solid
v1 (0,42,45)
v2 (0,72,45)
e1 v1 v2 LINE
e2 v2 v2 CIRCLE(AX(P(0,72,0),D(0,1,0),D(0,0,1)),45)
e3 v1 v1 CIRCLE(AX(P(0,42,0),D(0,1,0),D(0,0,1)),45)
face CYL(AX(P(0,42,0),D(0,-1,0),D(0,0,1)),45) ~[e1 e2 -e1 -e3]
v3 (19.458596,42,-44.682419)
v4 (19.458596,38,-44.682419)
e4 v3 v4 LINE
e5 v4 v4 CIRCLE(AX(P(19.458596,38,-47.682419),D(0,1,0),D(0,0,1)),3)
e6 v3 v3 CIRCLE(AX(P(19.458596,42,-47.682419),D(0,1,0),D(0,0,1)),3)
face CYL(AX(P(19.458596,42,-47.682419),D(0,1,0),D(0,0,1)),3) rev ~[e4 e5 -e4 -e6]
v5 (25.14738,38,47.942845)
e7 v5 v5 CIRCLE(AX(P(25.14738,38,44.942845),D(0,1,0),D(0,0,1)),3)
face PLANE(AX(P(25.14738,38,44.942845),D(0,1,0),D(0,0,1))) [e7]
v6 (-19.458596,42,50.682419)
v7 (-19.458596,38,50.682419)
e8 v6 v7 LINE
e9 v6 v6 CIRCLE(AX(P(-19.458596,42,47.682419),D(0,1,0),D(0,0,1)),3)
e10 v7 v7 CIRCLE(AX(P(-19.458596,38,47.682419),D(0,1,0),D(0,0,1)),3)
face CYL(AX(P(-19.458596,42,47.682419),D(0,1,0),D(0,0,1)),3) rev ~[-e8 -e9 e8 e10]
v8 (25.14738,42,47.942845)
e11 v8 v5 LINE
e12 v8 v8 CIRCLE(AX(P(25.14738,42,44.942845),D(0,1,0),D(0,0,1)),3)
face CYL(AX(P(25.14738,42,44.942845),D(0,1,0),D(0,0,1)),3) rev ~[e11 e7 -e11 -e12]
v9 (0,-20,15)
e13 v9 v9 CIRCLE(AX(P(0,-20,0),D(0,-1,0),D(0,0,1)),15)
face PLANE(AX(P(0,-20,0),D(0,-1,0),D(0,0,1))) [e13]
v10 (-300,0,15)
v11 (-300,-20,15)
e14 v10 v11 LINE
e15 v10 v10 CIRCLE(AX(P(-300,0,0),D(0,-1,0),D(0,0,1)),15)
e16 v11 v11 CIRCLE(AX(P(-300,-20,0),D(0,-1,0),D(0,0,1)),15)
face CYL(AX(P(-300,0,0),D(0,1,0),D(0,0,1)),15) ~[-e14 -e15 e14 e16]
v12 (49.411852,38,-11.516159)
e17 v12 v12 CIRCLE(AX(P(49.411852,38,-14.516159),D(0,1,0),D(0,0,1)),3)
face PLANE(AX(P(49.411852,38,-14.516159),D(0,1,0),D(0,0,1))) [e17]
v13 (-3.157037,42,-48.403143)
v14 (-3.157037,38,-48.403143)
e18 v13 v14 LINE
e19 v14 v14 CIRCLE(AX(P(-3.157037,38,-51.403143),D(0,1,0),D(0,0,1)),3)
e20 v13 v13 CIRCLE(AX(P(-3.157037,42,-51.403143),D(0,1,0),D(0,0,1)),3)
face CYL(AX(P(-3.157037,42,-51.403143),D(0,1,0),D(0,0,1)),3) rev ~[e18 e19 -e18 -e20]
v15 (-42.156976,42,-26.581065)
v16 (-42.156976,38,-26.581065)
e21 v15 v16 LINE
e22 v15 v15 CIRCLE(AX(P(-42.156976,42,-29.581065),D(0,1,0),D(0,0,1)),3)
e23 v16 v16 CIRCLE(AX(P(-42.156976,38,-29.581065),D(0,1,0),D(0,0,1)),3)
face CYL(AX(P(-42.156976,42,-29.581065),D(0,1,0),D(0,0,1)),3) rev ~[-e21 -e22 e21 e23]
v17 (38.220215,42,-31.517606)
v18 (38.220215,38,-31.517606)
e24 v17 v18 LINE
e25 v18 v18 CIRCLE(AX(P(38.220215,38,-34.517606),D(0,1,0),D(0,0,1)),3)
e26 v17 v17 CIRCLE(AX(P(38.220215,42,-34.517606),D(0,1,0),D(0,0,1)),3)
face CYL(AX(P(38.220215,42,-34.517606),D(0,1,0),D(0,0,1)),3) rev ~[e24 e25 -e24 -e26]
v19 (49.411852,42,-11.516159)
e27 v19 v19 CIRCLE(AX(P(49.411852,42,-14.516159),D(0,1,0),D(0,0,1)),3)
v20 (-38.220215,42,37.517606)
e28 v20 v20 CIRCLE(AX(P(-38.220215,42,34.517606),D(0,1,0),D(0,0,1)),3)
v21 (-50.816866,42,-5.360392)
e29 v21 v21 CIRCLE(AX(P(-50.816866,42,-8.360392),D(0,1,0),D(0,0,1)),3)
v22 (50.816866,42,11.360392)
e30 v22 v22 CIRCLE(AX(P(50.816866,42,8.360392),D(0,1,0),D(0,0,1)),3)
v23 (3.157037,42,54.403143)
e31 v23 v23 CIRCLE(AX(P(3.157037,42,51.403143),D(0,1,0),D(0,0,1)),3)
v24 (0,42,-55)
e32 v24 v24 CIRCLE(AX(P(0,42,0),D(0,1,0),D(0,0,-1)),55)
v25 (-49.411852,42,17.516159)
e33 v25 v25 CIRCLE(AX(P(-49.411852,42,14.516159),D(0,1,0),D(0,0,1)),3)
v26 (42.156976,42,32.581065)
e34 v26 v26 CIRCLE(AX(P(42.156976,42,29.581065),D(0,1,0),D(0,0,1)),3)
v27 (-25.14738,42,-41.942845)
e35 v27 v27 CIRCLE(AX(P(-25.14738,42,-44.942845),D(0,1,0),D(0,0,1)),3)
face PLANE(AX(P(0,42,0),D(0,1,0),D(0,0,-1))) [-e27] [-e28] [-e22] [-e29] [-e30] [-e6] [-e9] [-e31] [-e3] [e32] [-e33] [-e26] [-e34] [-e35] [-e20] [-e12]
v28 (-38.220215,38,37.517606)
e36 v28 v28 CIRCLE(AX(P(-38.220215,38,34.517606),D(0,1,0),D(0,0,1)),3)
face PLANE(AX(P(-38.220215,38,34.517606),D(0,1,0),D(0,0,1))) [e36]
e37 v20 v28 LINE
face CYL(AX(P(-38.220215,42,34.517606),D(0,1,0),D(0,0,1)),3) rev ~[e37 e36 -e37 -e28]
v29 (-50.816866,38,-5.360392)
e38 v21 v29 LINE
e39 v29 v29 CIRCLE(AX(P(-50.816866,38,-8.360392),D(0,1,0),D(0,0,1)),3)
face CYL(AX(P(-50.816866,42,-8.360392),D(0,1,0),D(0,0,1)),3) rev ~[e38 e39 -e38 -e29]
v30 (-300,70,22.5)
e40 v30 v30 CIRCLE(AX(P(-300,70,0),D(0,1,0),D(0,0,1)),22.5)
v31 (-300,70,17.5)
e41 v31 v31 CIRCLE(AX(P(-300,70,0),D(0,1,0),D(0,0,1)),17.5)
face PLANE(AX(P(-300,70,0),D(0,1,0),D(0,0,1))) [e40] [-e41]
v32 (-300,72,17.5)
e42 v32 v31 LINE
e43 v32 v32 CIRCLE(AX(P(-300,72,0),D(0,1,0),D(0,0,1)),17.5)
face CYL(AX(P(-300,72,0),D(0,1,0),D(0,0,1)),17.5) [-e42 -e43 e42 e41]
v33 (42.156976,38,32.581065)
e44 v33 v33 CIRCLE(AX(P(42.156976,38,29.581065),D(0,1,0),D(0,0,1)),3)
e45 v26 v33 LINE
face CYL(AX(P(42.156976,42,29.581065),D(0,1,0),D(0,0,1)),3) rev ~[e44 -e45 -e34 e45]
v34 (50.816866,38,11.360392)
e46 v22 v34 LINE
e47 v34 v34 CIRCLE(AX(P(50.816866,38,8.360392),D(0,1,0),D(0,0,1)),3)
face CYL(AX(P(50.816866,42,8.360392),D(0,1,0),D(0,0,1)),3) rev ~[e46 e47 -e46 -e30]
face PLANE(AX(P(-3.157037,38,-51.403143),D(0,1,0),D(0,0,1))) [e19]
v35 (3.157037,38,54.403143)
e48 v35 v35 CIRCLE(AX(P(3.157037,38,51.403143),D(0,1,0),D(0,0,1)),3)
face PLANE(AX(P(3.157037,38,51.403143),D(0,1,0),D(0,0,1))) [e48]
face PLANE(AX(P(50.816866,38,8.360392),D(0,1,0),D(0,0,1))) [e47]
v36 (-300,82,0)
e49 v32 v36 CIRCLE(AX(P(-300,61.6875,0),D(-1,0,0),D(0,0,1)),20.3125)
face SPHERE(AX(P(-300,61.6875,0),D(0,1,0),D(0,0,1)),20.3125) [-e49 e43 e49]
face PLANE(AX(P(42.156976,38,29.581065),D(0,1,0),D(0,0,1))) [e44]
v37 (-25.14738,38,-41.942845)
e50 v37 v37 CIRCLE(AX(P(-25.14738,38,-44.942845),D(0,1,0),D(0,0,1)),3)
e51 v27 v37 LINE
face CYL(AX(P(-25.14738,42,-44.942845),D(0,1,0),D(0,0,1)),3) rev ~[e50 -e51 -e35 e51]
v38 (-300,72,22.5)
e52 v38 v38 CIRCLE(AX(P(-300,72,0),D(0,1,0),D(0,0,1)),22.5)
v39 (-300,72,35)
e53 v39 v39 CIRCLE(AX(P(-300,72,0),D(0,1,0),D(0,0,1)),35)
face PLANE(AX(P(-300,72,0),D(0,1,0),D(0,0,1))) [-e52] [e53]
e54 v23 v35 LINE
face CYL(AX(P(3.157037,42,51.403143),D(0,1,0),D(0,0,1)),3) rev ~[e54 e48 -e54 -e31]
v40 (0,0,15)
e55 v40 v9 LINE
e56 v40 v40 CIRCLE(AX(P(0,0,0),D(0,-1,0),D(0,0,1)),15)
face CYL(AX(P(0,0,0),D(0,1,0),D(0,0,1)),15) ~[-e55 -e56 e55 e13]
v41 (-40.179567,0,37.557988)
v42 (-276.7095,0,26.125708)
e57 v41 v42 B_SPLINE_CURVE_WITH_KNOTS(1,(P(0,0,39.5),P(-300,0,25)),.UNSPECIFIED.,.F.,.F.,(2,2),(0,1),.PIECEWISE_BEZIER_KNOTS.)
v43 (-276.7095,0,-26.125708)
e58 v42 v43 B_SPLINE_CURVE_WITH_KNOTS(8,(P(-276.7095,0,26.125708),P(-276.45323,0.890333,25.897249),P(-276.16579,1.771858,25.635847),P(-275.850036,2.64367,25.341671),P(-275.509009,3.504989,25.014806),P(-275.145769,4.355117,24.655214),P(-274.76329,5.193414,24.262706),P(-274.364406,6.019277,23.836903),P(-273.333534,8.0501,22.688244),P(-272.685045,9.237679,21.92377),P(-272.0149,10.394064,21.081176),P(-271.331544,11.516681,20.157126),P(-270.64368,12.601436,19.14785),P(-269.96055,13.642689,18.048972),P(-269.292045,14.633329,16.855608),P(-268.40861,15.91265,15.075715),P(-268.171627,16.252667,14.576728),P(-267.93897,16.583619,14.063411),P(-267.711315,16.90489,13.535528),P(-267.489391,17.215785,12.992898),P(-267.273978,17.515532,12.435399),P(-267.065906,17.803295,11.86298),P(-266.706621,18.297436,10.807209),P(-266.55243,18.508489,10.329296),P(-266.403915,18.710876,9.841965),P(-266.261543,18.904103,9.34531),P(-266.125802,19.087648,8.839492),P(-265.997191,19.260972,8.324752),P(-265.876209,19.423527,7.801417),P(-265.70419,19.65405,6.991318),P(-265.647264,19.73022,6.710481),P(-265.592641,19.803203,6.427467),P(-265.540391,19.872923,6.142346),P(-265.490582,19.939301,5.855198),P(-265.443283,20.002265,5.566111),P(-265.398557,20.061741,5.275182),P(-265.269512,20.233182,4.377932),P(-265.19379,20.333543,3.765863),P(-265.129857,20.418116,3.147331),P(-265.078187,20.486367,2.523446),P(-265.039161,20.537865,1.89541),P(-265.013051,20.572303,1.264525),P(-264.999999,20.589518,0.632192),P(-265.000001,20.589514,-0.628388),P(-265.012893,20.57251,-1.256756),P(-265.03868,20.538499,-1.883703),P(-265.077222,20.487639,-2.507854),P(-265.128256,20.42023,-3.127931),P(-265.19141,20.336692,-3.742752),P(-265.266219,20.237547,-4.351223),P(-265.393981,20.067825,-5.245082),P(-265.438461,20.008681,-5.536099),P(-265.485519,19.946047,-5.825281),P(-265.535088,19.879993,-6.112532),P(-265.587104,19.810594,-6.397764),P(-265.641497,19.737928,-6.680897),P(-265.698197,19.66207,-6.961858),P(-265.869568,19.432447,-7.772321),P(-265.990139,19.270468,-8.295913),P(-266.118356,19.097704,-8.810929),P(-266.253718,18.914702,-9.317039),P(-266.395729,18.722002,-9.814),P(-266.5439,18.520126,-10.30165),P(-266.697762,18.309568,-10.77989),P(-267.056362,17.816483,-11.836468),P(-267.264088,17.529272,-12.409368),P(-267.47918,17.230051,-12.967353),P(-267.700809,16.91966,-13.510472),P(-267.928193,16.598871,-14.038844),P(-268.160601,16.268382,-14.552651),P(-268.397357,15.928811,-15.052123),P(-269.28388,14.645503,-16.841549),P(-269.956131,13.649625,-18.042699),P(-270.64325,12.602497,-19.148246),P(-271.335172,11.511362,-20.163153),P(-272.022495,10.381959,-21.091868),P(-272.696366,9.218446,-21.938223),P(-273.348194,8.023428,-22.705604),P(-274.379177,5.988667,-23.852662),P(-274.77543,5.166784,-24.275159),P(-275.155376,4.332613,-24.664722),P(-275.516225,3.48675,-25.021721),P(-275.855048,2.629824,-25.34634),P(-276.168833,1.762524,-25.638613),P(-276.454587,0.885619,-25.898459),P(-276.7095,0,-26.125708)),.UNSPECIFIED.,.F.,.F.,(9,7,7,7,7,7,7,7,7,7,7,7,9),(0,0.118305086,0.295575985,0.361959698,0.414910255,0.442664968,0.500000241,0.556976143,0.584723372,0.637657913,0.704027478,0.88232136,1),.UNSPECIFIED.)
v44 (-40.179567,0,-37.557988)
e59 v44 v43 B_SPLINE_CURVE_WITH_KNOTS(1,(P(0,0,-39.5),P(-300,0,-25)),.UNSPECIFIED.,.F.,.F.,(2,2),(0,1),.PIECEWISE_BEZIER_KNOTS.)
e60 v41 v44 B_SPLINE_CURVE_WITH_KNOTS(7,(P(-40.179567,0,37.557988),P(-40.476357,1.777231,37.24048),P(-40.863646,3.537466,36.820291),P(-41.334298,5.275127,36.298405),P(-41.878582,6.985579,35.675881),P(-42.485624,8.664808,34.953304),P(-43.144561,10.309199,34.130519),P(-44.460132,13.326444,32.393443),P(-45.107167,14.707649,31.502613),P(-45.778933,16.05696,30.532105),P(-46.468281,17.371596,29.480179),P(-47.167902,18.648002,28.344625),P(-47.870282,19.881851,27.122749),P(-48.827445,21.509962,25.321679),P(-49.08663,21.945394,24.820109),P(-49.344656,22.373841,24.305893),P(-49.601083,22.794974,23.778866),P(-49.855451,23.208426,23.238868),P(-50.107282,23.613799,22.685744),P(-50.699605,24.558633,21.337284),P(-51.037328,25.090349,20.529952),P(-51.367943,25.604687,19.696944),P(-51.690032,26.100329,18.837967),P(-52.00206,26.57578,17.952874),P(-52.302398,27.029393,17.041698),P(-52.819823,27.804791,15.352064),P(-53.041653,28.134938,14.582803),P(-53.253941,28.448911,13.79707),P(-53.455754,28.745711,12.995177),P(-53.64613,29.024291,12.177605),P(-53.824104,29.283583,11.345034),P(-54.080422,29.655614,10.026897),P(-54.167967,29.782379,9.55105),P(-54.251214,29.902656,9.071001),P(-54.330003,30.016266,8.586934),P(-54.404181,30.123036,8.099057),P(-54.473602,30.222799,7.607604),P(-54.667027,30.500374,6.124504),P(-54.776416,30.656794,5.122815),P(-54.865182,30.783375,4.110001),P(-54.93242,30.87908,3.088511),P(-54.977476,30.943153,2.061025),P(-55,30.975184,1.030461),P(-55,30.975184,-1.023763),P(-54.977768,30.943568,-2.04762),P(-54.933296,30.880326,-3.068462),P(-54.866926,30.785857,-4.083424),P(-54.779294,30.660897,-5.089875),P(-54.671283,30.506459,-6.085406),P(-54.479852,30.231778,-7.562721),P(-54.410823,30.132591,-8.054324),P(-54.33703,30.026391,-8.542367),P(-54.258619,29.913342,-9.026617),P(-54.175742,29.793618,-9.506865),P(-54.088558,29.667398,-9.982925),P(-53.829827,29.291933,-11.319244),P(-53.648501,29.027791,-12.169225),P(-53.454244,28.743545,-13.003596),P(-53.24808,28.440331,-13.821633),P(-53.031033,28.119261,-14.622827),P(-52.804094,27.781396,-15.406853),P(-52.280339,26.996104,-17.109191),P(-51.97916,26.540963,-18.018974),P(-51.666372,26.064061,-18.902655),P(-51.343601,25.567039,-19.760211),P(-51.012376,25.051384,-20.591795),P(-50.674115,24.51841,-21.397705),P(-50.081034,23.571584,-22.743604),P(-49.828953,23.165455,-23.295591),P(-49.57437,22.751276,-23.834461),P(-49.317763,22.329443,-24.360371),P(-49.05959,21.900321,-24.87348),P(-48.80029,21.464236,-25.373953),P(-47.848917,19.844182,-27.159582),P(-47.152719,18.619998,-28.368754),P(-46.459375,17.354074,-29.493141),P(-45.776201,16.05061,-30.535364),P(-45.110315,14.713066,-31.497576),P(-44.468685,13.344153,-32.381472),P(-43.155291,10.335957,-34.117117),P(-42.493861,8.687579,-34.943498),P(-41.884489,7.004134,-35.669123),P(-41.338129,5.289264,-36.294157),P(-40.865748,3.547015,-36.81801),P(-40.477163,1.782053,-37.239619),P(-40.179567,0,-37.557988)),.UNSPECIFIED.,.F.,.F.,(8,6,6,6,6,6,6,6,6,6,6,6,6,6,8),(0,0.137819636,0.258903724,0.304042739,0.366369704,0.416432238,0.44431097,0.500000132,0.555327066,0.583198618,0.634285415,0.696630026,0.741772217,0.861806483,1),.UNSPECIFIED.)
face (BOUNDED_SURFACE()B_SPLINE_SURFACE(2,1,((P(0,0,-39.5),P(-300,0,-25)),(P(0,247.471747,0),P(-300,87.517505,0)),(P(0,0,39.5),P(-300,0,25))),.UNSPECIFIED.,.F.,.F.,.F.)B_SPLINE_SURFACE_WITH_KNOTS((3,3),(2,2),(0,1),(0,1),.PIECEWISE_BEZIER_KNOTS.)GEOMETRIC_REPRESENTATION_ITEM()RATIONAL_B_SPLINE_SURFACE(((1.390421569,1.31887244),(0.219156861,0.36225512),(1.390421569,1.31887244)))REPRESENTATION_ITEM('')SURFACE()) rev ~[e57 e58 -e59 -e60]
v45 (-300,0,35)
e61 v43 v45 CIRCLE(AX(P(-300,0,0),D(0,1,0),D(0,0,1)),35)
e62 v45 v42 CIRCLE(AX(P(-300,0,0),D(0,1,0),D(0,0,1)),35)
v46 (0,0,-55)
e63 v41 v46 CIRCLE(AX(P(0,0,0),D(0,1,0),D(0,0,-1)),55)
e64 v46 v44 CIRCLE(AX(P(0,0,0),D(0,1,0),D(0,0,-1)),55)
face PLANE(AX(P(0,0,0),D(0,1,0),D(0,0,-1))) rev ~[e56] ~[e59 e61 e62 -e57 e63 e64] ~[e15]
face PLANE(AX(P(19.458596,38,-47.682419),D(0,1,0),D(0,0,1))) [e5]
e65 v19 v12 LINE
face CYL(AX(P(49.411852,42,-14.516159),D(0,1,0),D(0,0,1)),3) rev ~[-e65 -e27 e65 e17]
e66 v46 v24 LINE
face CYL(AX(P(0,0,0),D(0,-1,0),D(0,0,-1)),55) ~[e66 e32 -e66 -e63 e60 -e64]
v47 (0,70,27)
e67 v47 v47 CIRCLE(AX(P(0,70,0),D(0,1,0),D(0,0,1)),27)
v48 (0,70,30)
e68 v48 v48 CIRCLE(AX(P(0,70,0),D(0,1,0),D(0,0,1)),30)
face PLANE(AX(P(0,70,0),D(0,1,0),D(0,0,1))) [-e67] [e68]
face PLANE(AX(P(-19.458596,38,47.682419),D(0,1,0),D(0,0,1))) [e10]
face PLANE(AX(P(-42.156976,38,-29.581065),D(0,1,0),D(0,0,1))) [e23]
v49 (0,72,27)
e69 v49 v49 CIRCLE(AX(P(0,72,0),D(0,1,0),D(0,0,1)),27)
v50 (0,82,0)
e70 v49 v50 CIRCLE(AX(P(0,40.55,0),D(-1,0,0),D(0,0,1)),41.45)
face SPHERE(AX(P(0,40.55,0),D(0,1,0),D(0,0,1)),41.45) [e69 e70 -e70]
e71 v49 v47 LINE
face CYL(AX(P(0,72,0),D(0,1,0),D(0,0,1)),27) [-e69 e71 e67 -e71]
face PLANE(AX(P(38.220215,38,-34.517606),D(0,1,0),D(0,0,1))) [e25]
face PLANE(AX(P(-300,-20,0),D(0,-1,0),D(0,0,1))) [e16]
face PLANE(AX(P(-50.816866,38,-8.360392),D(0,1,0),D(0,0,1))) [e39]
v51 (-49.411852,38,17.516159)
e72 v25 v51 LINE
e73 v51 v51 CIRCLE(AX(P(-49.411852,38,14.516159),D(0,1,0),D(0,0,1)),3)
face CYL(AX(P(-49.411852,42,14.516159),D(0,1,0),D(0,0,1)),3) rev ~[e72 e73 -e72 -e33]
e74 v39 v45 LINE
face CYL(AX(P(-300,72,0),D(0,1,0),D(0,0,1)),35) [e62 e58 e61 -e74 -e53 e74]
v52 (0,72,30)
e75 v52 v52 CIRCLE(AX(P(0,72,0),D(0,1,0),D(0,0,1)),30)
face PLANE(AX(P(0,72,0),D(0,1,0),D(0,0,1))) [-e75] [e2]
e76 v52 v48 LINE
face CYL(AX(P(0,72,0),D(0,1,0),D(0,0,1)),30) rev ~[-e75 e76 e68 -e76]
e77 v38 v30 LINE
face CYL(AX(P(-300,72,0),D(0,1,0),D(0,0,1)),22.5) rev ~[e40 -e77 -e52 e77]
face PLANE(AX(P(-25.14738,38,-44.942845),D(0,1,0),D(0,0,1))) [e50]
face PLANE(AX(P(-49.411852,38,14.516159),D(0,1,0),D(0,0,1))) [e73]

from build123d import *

# Parameters (mm, degrees)
IZIM1_R                     = 55
Y_KSEKLIK_EKSTR_ZYON1_DEPTH = 42
IZIM4_R                     = 45
Y_KSEKLIK_EKSTR_ZYON2_DEPTH = 30
IZIM5_R                     = 30
IZIM5_R_2                   = 27
KES_EKSTR_ZYON1_DEPTH       = 2
IZIM6_R                     = 35
Y_KSEKLIK_EKSTR_ZYON3_DEPTH = 72
IZIM7_R                     = 22.5
IZIM7_R_2                   = 17.5
KES_EKSTR_ZYON2_DEPTH       = 2
IZIM18_R                    = 3
KES_EKSTR_ZYON3_DEPTH       = 4
KUBBE1_FACE_RADIUS          = 17.5
KUBBE1_HEIGHT               = 10
KUBBE2_FACE_RADIUS          = 27
KUBBE2_HEIGHT               = 10
IZIM19_R                    = 15
Y_KSEKLIK_EKSTR_ZYON4_DEPTH = 20


with BuildPart() as part:
    # Çizim1 → Yükseklik-Ekstrüzyon1 (new body)
    with BuildSketch(Plane(origin=(0, 0, 0), x_dir=(1, 0, 0), z_dir=(0, 1, 0))):
        with Locations(Location((0, 0, 0), (0, 0, 90))):
            Circle(IZIM1_R)
    extrude(amount=Y_KSEKLIK_EKSTR_ZYON1_DEPTH)

    # Çizim4 → Yükseklik-Ekstrüzyon2 (add)
    with BuildSketch(Plane(origin=(0, 42, 0), x_dir=(1, 0, 0), z_dir=(0, 1, 0))):
        with Locations(Location((0, 0, 0), (0, 0, 270))):
            Circle(IZIM4_R)
    extrude(amount=Y_KSEKLIK_EKSTR_ZYON2_DEPTH)

    # Çizim5 → Kes-Ekstrüzyon1 (cut)
    with BuildSketch(Plane(origin=(0, 72, 0), x_dir=(1, 0, 0), z_dir=(0, 1, 0))):
        with Locations(Location((0, 0, 0), (0, 0, 270))):
            Circle(IZIM5_R)
        with Locations(Location((0, 0, 0), (0, 0, 270))):
            Circle(IZIM5_R_2, mode=Mode.SUBTRACT)
    extrude(amount=-KES_EKSTR_ZYON1_DEPTH, mode=Mode.SUBTRACT)



with BuildPart() as body_2:
    # Çizim6 → Yükseklik-Ekstrüzyon3 (new body)
    with BuildSketch(Plane(origin=(0, 72, 0), x_dir=(1, 0, 0), z_dir=(0, 1, 0))):
        with Locations(Location((-300, 0, 0), (0, 0, 270))):
            Circle(IZIM6_R)
    extrude(amount=-Y_KSEKLIK_EKSTR_ZYON3_DEPTH)

    # Çizim7 → Kes-Ekstrüzyon2 (cut)
    with BuildSketch(Plane(origin=(0, 72, 0), x_dir=(1, 0, 0), z_dir=(0, 1, 0))):
        with Locations(Location((-300, 0, 0), (0, 0, 270))):
            Circle(IZIM7_R)
        with Locations(Location((-300, 0, 0), (0, 0, 270))):
            Circle(IZIM7_R_2, mode=Mode.SUBTRACT)
    extrude(amount=-KES_EKSTR_ZYON2_DEPTH, mode=Mode.SUBTRACT)


with BuildPart() as part_1:
    add(part.part)

    add(body_2.part)  # Loft1 merges body 2
    # Çizim17 for Loft1 → Loft1 section 0
    with BuildSketch(Plane(origin=(0, 0, 0), x_dir=(0, 0, -1), z_dir=(1, 0, 0))):
        with BuildLine():
            Line((-39.5, 0), (39.5, 0))
            # circular arc as an exact rational Bezier (weights 1, cos(half-angle), 1)
            Bezier((39.5, 0), (0, 247.471747323), (-39.5, 0), weights=[1, 0.157619003, 1])
        make_face()
    # Çizim16 for Loft1 → Loft1 section 1
    with BuildSketch(Plane(origin=(-300, 0, 0), x_dir=(0, 0, -1), z_dir=(1, 0, 0))):
        with BuildLine():
            Line((-25, 0), (25, 0))
            Bezier((25, 0), (0, 87.517505252), (-25, 0), weights=[1, 0.274670324, 1])
        make_face()
    loft()

    # Çizim18 → Kes-Ekstrüzyon3 (cut)
    with BuildSketch(Plane(origin=(0, 42, 0), x_dir=(1, 0, 0), z_dir=(0, 1, 0))):
        with Locations(Location((-25.147379783, 44.942844703, 0), (0, 0, 270))):
            Circle(IZIM18_R)
        with Locations(Location((-3.157036788, 51.403143082, 0), (0, 0, 270))):
            Circle(IZIM18_R)
        with Locations(Location((19.458596062, 47.682418555, 0), (0, 0, 270))):
            Circle(IZIM18_R)
        with Locations(Location((38.220215318, 34.517606247, 0), (0, 0, 270))):
            Circle(IZIM18_R)
        with Locations(Location((49.41185219, 14.516158691, 0), (0, 0, 270))):
            Circle(IZIM18_R)
        with Locations(Location((50.816865739, -8.360392123, 0), (0, 0, 270))):
            Circle(IZIM18_R)
        with Locations(Location((42.156975801, -29.581064743, 0), (0, 0, 270))):
            Circle(IZIM18_R)
        with Locations(Location((25.147379783, -44.942844703, 0), (0, 0, 270))):
            Circle(IZIM18_R)
        with Locations(Location((3.157036788, -51.403143082, 0), (0, 0, 270))):
            Circle(IZIM18_R)
        with Locations(Location((-19.458596062, -47.682418555, 0), (0, 0, 270))):
            Circle(IZIM18_R)
        with Locations(Location((-38.220215318, -34.517606247, 0), (0, 0, 270))):
            Circle(IZIM18_R)
        with Locations(Location((-49.41185219, -14.516158691, 0), (0, 0, 270))):
            Circle(IZIM18_R)
        with Locations(Location((-50.816865739, 8.360392123, 0), (0, 0, 270))):
            Circle(IZIM18_R)
        with Locations(Location((-42.156975801, 29.581064743, 0), (0, 0, 270))):
            Circle(IZIM18_R)
    extrude(amount=-KES_EKSTR_ZYON3_DEPTH, mode=Mode.SUBTRACT)

    # Kubbe1: a dome of height H over a round flat face of radius A is a cap of a sphere of radius (A * A + H * H) / (2 * H)
    kubbe1_r = (KUBBE1_FACE_RADIUS * KUBBE1_FACE_RADIUS + KUBBE1_HEIGHT * KUBBE1_HEIGHT) / (2 * KUBBE1_HEIGHT)
    kubbe1_base = Plane((-300, 72, 0), z_dir=(0, 1, 0))
    with Locations(kubbe1_base.offset(KUBBE1_HEIGHT - kubbe1_r)):
        kubbe1_ball = Sphere(kubbe1_r, mode=Mode.PRIVATE)
    add(split(kubbe1_ball, bisect_by=kubbe1_base, keep=Keep.TOP, mode=Mode.PRIVATE))

    # Kubbe2: a dome of height H over a round flat face of radius A is a cap of a sphere of radius (A * A + H * H) / (2 * H)
    kubbe2_r = (KUBBE2_FACE_RADIUS * KUBBE2_FACE_RADIUS + KUBBE2_HEIGHT * KUBBE2_HEIGHT) / (2 * KUBBE2_HEIGHT)
    kubbe2_base = Plane((0, 72, 0), z_dir=(0, 1, 0))
    with Locations(kubbe2_base.offset(KUBBE2_HEIGHT - kubbe2_r)):
        kubbe2_ball = Sphere(kubbe2_r, mode=Mode.PRIVATE)
    add(split(kubbe2_ball, bisect_by=kubbe2_base, keep=Keep.TOP, mode=Mode.PRIVATE))

    # Çizim19 → Yükseklik-Ekstrüzyon4 (add)
    with BuildSketch(Plane.XZ):
        with Locations(Location((-300, 0, 0), (0, 0, 90))):
            Circle(IZIM19_R)
        with Locations(Location((0, 0, 0), (0, 0, 90))):
            Circle(IZIM19_R)
    extrude(amount=Y_KSEKLIK_EKSTR_ZYON4_DEPTH)


solid = part_1.part
